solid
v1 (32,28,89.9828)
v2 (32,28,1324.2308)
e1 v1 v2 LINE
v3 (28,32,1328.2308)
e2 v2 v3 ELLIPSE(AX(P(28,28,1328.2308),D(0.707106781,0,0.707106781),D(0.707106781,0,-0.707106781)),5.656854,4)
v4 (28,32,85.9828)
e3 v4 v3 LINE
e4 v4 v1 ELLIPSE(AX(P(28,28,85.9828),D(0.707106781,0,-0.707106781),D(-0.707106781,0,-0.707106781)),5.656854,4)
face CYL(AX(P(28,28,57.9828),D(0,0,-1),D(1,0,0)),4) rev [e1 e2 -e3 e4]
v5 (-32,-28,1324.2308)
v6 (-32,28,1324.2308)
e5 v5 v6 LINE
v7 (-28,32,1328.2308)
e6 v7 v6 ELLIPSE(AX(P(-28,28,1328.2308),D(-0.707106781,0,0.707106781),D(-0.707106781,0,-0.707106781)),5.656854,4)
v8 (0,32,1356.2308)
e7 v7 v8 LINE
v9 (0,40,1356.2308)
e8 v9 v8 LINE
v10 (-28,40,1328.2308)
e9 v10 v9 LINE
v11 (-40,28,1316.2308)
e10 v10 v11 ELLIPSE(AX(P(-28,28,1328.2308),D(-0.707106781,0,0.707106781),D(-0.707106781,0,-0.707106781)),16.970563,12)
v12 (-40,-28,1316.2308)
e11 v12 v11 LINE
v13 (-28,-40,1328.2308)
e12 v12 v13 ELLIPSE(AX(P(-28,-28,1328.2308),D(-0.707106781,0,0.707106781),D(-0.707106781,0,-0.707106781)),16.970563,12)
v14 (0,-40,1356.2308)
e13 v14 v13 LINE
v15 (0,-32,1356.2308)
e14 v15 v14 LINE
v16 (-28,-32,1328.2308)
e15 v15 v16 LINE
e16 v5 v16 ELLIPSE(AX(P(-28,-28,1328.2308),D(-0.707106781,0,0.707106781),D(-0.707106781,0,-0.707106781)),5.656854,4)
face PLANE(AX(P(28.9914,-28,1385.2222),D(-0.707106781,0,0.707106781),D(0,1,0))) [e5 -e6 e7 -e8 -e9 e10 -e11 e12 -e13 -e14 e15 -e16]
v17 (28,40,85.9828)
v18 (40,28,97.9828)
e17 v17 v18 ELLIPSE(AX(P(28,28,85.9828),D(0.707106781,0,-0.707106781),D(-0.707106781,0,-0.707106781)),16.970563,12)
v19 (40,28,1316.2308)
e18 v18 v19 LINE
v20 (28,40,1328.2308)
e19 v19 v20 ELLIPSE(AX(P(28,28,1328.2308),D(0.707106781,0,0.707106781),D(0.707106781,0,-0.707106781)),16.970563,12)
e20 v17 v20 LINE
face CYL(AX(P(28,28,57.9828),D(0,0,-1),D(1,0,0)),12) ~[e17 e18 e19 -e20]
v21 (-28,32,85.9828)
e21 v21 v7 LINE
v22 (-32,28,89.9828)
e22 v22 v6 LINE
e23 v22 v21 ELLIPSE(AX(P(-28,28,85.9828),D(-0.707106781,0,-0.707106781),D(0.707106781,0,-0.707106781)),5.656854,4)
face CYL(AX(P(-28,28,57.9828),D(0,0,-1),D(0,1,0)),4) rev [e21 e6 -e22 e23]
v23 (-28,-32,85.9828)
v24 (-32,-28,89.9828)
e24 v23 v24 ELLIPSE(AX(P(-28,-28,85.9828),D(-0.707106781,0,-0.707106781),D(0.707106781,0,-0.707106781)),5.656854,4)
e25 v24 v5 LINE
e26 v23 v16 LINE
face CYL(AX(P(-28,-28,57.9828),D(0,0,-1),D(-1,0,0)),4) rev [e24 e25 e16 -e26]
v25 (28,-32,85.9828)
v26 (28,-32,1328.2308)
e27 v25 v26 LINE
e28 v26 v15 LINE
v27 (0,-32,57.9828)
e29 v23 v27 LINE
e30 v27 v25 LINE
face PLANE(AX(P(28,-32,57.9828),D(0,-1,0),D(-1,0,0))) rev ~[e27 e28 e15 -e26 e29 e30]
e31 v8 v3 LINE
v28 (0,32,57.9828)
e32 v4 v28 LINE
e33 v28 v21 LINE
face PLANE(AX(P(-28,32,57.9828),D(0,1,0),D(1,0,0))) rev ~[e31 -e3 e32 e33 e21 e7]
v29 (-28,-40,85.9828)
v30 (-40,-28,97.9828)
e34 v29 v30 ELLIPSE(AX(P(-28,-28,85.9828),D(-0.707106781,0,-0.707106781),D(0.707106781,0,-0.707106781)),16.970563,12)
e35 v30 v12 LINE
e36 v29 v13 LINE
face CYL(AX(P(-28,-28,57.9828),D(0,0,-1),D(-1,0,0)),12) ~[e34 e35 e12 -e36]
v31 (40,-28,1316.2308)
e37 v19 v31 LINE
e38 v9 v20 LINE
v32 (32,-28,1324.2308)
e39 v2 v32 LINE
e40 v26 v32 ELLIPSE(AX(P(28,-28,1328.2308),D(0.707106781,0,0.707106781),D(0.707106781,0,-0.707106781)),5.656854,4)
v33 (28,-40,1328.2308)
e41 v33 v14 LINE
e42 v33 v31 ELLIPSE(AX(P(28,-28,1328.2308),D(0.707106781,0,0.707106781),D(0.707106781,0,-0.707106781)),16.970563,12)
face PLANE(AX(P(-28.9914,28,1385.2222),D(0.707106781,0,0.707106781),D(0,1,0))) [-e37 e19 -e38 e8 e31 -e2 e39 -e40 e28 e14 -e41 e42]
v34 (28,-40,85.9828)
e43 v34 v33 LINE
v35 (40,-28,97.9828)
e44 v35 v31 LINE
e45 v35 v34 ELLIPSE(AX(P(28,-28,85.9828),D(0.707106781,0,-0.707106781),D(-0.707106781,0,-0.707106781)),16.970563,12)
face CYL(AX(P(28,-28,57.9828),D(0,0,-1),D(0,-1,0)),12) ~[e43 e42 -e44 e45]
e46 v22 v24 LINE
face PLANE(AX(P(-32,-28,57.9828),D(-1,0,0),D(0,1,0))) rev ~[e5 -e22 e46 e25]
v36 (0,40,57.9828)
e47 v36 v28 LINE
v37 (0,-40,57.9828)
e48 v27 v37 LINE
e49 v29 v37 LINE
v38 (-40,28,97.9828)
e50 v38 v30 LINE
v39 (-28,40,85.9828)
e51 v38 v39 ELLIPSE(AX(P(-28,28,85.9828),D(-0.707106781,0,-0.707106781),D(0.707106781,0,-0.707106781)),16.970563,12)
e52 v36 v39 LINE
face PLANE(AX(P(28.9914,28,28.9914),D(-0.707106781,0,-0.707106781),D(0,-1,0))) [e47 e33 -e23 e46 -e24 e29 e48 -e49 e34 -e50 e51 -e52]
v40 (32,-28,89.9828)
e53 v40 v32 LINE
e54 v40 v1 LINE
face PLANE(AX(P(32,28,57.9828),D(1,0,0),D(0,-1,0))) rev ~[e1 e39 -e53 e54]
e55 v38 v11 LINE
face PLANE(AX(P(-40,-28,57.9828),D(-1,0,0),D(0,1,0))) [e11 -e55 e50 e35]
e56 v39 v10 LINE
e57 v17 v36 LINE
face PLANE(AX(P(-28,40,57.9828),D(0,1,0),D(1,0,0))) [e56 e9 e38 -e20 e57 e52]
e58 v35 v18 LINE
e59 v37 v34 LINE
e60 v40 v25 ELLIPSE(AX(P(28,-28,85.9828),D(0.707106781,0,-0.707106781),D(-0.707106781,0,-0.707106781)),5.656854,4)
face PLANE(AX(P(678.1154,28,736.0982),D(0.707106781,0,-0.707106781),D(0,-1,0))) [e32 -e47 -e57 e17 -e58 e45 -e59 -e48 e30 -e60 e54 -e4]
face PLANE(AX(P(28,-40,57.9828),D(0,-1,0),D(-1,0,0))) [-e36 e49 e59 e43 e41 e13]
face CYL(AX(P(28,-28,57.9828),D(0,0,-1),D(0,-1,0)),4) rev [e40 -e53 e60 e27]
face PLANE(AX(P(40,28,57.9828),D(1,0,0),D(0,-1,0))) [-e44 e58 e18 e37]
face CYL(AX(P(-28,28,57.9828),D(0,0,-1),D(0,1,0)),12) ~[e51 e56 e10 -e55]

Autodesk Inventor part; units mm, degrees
ref_plane "Start Plane" through (0, 0, 57.9828) normal (0, 0, 1) x (1, 0, 0)
ref_plane "End Plane" through (0, 0, 1356.2308) normal (0, 0, 1) x (1, 0, 0)
sketch "Sketch" plane through (0, 0, 0) normal (0, 0, 1) x (1, 0, 0)
  line L0 (-40, -28) -> (-40, 28)
  line L1 (-28, 40) -> (28, 40)
  line L2 (40, 28) -> (40, -28)
  line L3 (28, -40) -> (-28, -40)
  arc A0 (-40, -28) -> (-28, -40) centre (-28, -28) ccw
  arc A1 (-28, 40) -> (-40, 28) centre (-28, 28) ccw
  arc A2 (40, 28) -> (28, 40) centre (28, 28) ccw
  arc A3 (28, -40) -> (40, -28) centre (28, -28) ccw
  arc A4 (-28, 32) -> (-32, 28) centre (-28, 28) ccw
  line L4 (-28, 32) -> (28, 32)
  arc A5 (32, 28) -> (28, 32) centre (28, 28) ccw
  line L5 (32, 28) -> (32, -28)
  arc A6 (28, -32) -> (32, -28) centre (28, -28) ccw
  line L6 (28, -32) -> (-28, -32)
  arc A7 (-32, -28) -> (-28, -32) centre (-28, -28) ccw
  line L7 (-32, -28) -> (-32, 28)
  line L8 (0, 59.4794) -> (0, -59.4794) construction
  line L9 (-59.4794, 0) -> (59.4794, 0) construction
  dimension "d7" = 12
  dimension "d10" = 80
  dimension "d11" = 80
  dimension "d12" = 8
  dimension "d15" = 40
  dimension "d16" = 40
extrude "Body" add sketch "Sketch" along normal up to surface (1298.2481 mm away) from surface at 57.9828
sketch "Sketch3" plane through (0, 0, 0) normal (0, 0, 1) x (1, 0, 0)
  line L0 (0, 0) -> (10, 0)
ref_plane "Work Plane3" through (0, 0, 0) normal (0, -1, 0) x (1, 0, 0)
ref_plane "Work Plane4" through (-28.9914, 28, 1385.2222) normal (0.7071, 0, 0.7071) x (0.7071, 0, -0.7071)
split "Split1" plane through (-28.9914, 28, 1385.2222) removes the side toward (0.7071, 0, 0.7071)
ref_plane "Work Plane5" through (28.9914, 28, 28.9914) normal (-0.7071, 0, -0.7071) x (-0.7071, 0, 0.7071)
split "Split2" plane through (28.9914, 28, 28.9914) removes the side toward (-0.7071, 0, -0.7071)
ref_plane "Work Plane6" through (678.1154, 28, 736.0982) normal (0.7071, 0, -0.7071) x (-0.7071, 0, -0.7071)
split "Split3" plane through (678.1154, 28, 736.0982) removes the side toward (0.7071, 0, -0.7071)
ref_plane "Work Plane7" through (28.9914, -28, 1385.2222) normal (-0.7071, 0, 0.7071) x (0.7071, 0, 0.7071)
split "Split4" plane through (28.9914, -28, 1385.2222) removes the side toward (-0.7071, 0, 0.7071)
sketch "Sketch4" plane through (0, 0, 0) normal (0, -1, 0) x (1, 0, 0)
  line L0 (-2, 57.9828) -> (12, 57.9828) projected
  line L1 (-2, 1356.2308) -> (12, 1356.2308) projected
  dimension "d18" = 1298.248
equation "\"d7\" = G_IR"
equation "\"d10\" = G_H"
equation "\"d11\" = G_W"
equation "\"d12\" = G_T"
equation "\"d15\" = 0.5 * d10"
equation "\"d16\" = 0.5 * d11"
equation "\"d3\" = G_L"
equation "\"G_W\" = 80"
equation "\"G_H\" = 80"
equation "\"G_T\" = 8"
equation "\"G_IR\" = 12"
equation "\"G_L\" = d18"
equation "\"G_OFFSET_START\" = -57.98276"
equation "\"G_OFFSET_END\" = -57.98276"
equation "\"d13\" = -G_OFFSET_START"
equation "\"d14\" = G_OFFSET_END + B_L"
equation "\"B_L\" = 1414.21356"
properties part number "ISO 12633-2 - 80x80x8 - 1298.25" material "Steel, Mild"
